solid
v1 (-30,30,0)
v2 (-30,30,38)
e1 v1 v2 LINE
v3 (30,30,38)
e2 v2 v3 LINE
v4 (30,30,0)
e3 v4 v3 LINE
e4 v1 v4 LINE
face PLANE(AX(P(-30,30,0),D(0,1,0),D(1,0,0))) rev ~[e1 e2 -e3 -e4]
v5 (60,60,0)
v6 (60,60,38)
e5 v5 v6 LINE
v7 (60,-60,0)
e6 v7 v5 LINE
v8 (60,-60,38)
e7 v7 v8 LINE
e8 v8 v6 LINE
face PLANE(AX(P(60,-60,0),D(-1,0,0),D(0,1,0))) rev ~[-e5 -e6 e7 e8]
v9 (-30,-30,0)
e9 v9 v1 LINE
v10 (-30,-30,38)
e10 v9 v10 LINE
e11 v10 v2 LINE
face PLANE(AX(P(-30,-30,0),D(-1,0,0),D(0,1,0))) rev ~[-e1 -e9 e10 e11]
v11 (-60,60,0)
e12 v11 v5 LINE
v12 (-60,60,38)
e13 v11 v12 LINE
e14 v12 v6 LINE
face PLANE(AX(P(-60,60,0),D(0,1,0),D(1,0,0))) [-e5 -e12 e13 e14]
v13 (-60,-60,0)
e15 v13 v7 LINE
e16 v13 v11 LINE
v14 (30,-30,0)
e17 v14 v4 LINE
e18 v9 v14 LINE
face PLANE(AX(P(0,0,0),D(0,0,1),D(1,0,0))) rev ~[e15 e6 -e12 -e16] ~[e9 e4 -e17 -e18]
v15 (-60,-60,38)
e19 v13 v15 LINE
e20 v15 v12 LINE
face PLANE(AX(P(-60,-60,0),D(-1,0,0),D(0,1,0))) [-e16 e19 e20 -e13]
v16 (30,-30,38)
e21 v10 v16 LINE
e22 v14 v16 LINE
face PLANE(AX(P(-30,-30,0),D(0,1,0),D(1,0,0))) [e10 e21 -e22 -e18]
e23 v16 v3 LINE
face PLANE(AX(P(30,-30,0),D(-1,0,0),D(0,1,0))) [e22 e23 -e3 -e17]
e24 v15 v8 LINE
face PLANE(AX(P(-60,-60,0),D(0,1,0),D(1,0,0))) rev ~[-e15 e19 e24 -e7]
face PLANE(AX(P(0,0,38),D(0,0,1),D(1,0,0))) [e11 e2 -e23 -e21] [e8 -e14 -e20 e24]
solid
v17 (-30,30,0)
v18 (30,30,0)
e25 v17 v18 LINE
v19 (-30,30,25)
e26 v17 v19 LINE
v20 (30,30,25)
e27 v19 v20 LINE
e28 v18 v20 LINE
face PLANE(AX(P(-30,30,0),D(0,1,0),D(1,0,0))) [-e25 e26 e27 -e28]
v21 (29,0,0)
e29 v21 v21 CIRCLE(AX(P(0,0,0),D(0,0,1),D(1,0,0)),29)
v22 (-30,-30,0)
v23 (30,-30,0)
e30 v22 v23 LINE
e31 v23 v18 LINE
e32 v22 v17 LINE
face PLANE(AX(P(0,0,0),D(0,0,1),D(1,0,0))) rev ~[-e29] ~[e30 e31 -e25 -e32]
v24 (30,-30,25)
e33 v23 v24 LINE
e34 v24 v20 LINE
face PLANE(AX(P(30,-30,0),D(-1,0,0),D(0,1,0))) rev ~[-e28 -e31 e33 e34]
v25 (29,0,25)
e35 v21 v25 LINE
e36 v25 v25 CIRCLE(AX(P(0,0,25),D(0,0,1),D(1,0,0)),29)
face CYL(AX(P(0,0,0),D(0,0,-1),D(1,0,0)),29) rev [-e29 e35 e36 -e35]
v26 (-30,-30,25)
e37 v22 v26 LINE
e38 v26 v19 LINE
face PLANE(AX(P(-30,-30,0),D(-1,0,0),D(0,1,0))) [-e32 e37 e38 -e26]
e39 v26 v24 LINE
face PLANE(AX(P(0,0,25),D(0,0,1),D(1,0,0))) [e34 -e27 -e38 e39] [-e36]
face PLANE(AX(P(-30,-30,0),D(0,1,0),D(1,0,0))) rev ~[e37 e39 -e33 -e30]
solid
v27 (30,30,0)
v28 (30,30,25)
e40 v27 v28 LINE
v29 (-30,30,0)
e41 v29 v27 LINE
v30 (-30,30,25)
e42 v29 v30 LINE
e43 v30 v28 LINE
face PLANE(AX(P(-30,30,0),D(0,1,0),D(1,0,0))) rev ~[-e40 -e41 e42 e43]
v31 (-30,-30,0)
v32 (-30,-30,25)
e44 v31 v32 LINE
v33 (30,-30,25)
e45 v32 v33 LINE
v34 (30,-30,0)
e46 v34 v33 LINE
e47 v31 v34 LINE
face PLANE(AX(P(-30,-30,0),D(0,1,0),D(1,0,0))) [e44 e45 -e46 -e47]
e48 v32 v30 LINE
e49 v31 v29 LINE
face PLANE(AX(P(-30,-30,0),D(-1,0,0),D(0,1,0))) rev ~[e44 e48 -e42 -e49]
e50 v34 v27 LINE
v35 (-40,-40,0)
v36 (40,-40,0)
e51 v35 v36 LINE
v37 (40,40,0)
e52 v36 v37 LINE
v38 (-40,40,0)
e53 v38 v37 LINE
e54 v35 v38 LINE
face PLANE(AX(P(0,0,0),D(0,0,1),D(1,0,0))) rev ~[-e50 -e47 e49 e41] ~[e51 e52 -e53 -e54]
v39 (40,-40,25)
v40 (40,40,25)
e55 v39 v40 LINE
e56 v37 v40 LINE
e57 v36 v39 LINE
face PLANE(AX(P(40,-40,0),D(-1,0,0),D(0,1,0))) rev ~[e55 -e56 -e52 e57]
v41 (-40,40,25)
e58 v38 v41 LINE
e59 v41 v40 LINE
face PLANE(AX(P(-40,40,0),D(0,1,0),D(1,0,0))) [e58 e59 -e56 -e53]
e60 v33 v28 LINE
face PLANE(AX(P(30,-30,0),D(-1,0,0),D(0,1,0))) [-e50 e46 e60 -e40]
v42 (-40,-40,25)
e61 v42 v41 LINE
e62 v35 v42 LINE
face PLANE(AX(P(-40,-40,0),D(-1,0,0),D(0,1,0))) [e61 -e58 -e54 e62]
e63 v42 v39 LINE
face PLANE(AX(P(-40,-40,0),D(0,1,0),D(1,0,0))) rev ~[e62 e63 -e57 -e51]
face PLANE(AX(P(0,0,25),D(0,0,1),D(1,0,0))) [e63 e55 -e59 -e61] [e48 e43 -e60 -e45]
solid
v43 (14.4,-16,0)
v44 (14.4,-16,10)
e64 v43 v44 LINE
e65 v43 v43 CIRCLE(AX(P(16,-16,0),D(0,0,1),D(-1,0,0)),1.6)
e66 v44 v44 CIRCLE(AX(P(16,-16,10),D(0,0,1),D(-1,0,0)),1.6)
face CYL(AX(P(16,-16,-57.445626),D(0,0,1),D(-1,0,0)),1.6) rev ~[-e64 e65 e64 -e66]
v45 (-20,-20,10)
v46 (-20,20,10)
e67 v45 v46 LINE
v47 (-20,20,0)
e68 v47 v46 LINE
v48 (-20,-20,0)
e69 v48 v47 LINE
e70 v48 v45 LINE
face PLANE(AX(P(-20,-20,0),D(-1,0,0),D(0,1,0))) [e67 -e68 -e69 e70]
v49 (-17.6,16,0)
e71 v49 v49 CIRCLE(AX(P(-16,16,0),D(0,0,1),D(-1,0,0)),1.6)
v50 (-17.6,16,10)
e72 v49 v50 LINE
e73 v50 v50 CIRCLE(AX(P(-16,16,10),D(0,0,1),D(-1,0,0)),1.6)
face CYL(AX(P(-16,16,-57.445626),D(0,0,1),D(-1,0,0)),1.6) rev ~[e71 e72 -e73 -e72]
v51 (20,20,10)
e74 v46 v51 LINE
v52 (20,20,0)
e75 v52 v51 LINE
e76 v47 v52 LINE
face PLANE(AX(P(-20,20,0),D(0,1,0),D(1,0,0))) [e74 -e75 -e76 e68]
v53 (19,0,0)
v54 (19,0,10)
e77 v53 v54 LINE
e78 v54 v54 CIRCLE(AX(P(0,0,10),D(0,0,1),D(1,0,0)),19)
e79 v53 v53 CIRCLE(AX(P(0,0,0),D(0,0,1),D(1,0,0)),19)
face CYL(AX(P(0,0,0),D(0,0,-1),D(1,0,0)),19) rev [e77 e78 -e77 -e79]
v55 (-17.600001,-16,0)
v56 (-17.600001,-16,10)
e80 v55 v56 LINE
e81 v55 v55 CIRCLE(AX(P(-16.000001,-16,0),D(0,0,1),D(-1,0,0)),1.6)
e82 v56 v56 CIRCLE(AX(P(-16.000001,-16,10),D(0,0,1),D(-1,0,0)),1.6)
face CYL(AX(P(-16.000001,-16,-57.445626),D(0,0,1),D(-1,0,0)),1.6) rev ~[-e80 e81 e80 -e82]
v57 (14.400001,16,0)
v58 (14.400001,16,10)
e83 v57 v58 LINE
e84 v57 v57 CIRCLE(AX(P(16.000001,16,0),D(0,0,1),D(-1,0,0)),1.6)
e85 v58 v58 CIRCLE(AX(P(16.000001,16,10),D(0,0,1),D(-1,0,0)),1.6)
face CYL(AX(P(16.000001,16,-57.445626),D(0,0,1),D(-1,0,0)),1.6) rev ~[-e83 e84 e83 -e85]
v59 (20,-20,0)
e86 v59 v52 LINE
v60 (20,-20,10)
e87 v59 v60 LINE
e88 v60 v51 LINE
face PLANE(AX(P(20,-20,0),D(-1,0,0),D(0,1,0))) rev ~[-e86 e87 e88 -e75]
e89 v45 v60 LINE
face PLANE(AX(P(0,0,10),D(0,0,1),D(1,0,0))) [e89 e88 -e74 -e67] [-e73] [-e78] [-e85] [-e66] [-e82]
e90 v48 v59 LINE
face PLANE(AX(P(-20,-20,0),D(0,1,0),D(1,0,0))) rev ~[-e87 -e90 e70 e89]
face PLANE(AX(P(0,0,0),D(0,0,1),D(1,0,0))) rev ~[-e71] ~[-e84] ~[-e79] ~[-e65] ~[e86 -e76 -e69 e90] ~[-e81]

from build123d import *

# Parameters (mm, degrees)
F0_W     = 120
F0_H     = 120
F0_W_2   = 80
F0_H_2   = 80
F0_W_3   = 60
F0_H_3   = 60
F1_DEPTH = 38
F2_DEPTH = 25
F0_R     = 29
F3_DEPTH = 25
F0_W_4   = 40
F0_H_4   = 40
F0_R_2   = 19
F4_DEPTH = 10
F5_D     = 3.2


with BuildPart() as f1:
    # F0 (on Top) → F1 (new body)
    with BuildSketch(Plane.XY):
        Rectangle(F0_W, F0_H)
        Rectangle(F0_W_2, F0_H_2, mode=Mode.SUBTRACT)
        Rectangle(F0_W_2, F0_H_2)
        Rectangle(F0_W_3, F0_H_3, mode=Mode.SUBTRACT)
    extrude(amount=F1_DEPTH)


with BuildPart() as f2:
    # F0 (on Top) → F2 (new body)
    with BuildSketch(Plane.XY):
        Rectangle(F0_W_2, F0_H_2)
        Rectangle(F0_W_3, F0_H_3, mode=Mode.SUBTRACT)
    extrude(amount=F2_DEPTH)


with BuildPart() as f3:
    # F0 (on Top) → F3 (new body)
    with BuildSketch(Plane.XY):
        Rectangle(F0_W_3, F0_H_3)
        Circle(F0_R, mode=Mode.SUBTRACT)
    extrude(amount=F3_DEPTH)


with BuildPart() as f4:
    # F0 (on Top) → F4 (new body)
    with BuildSketch(Plane.XY):
        Rectangle(F0_W_4, F0_H_4)
        Circle(F0_R_2, mode=Mode.SUBTRACT)
    extrude(amount=F4_DEPTH)

    # F5 (through all)
    with Locations(Plane(origin=(0, 0, 0), x_dir=(1, 0, 0), z_dir=(0, 0, -1))):
        with Locations((-16.000001, 16), (16, 16), (16.000001, -16), (-16, -16)):
            Hole(F5_D / 2)


solid = Compound([f1.part, f2.part, f3.part, f4.part])
